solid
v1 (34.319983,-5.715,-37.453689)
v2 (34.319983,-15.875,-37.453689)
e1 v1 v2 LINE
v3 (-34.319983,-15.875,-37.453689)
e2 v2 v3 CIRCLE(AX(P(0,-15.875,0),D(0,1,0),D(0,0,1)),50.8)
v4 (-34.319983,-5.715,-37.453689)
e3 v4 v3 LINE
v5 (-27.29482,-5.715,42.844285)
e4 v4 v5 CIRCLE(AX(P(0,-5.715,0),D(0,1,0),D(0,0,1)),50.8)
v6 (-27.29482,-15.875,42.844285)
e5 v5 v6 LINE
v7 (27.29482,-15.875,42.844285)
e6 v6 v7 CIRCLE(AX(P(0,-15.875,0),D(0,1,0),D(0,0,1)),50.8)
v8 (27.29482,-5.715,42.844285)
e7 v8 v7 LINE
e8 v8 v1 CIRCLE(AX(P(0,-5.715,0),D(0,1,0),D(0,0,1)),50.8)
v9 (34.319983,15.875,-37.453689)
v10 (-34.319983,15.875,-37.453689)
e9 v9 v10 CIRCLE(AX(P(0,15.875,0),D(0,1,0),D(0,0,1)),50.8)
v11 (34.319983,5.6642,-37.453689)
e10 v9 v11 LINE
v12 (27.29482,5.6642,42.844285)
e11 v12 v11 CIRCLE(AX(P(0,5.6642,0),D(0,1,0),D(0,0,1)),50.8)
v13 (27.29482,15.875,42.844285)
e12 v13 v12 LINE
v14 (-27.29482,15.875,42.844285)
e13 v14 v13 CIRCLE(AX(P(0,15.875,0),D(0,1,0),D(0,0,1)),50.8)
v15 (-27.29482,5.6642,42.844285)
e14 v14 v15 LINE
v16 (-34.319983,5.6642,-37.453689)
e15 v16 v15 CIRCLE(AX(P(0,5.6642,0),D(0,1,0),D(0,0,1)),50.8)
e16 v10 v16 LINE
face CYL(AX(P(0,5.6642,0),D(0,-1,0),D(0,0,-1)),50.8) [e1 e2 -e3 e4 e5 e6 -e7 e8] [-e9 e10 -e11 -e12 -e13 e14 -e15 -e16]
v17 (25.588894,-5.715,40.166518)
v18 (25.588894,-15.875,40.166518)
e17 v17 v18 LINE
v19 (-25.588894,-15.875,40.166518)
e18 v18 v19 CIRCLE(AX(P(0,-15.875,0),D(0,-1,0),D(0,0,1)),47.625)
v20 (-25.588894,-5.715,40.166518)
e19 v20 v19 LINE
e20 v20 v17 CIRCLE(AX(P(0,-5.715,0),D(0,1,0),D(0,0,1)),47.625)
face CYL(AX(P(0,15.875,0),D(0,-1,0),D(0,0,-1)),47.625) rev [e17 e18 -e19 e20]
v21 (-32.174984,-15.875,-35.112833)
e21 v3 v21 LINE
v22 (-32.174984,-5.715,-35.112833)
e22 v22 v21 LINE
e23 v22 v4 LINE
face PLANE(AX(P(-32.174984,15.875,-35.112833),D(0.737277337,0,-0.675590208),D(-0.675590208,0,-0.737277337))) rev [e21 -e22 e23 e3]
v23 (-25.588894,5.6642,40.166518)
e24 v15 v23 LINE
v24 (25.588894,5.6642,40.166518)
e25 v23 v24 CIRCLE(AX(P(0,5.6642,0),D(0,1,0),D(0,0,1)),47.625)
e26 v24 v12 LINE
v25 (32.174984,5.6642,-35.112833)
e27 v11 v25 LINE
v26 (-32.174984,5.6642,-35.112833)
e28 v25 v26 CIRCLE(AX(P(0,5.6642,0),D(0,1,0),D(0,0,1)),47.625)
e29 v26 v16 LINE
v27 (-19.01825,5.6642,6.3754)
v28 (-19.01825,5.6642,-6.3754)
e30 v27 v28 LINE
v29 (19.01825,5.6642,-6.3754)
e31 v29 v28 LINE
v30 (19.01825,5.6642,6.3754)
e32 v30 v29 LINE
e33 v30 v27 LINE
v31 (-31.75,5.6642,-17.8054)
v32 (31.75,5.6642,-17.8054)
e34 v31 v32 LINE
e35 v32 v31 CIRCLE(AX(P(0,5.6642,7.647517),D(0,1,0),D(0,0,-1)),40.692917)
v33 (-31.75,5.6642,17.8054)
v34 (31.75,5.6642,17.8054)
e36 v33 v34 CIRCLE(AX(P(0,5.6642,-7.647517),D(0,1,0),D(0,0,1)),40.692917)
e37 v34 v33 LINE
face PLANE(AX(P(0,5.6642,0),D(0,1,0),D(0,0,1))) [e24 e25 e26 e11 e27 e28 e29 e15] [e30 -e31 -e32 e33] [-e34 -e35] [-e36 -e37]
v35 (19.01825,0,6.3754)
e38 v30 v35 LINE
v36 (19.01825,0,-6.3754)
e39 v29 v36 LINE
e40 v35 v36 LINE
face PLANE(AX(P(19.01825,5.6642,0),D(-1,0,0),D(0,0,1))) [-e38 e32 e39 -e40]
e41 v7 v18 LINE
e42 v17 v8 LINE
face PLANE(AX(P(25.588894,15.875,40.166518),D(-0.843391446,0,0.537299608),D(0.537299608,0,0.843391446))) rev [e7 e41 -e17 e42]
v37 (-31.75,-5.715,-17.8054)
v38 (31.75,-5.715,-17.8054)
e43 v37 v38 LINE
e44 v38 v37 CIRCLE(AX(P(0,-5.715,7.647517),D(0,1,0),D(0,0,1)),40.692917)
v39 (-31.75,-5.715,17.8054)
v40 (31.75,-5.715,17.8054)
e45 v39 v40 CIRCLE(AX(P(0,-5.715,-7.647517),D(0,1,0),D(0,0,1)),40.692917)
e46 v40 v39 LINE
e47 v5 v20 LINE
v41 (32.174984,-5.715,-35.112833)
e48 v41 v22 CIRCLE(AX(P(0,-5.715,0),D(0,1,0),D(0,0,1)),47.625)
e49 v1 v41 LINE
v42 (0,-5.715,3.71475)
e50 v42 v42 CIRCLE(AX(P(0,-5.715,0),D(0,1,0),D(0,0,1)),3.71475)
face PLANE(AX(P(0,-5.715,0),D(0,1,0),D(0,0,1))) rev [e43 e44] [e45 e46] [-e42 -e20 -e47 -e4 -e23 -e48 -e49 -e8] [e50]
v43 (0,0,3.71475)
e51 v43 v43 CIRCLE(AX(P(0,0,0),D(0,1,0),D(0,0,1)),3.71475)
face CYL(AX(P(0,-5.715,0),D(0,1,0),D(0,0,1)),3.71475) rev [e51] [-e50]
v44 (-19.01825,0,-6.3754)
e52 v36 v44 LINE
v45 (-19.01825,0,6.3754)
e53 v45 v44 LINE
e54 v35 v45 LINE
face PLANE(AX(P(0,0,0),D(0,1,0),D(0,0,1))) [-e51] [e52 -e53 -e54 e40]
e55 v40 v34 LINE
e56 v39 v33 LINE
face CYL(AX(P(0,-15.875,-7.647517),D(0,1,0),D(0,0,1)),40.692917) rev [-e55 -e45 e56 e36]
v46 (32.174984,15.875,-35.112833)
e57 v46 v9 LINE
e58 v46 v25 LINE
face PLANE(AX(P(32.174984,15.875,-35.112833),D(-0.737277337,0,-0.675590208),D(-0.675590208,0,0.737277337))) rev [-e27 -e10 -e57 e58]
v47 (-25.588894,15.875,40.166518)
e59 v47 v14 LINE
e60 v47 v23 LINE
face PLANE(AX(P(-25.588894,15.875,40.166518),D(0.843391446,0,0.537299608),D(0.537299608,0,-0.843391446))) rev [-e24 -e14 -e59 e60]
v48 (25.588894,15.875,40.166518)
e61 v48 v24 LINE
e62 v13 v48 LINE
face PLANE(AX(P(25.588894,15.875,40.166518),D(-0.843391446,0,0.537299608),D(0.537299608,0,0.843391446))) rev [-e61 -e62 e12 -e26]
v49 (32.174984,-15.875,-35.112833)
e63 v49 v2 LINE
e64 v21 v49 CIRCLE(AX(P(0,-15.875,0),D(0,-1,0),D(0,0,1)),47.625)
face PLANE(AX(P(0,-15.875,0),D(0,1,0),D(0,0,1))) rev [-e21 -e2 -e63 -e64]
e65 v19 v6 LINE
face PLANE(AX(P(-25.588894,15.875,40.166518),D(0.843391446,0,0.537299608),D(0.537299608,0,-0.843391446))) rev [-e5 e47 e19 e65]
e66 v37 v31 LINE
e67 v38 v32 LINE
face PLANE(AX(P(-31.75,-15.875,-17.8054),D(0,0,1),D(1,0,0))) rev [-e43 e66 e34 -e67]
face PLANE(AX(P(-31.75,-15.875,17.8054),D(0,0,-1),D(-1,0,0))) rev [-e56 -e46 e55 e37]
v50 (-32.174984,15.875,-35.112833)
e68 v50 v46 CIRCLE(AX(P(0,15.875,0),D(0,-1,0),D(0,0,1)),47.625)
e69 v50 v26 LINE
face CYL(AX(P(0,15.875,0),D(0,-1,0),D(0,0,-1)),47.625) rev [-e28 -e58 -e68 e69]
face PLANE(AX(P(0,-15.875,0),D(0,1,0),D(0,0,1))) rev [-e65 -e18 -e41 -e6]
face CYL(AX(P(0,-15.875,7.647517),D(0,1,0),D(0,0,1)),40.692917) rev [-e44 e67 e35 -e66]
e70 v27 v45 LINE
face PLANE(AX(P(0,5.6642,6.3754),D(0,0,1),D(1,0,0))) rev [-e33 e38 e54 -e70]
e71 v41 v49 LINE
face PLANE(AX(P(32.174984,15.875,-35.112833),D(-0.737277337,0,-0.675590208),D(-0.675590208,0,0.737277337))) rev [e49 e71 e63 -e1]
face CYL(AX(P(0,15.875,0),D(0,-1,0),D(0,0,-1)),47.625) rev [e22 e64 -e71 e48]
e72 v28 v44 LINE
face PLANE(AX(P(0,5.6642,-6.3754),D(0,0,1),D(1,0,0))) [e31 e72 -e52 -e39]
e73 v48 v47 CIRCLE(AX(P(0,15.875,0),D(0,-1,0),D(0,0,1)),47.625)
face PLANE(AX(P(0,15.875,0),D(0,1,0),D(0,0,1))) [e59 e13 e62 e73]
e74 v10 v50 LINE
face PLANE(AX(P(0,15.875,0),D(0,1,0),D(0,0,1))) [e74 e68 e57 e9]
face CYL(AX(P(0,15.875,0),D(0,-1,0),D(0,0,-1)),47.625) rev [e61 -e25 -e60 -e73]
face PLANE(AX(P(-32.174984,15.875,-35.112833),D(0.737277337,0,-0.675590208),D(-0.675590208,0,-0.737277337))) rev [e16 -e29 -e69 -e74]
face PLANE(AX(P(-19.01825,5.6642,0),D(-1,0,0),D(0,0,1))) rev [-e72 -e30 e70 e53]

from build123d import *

# Parameters (mm, degrees)
SKETCH1_R           = 50.8
SKETCH1_W           = 38.0365
SKETCH1_H           = 12.7508
BOSS_EXTRUDE1_DEPTH = 5.6642
BOSS_EXTRUDE2_START = -5.715
SKETCH1_3_R         = 50.8
SKETCH1_3_R_2       = 3.71475
BOSS_EXTRUDE2_DEPTH = 5.715
BOSS_EXTRUDE3_DEPTH = 15.875
CUT_EXTRUDE1_DEPTH  = 76.001448


with BuildPart() as part:
    # Sketch1 → Boss-Extrude1 (new body)
    with BuildSketch(Plane(origin=(0, 0, 0), x_dir=(1, 0, 0), z_dir=(0, 1, 0))):
        Circle(SKETCH1_R)
        Rectangle(SKETCH1_W, SKETCH1_H, mode=Mode.SUBTRACT)
    extrude(amount=BOSS_EXTRUDE1_DEPTH)

    # Sketch1<3> → Boss-Extrude2 (add)
    with BuildSketch(Plane(origin=(0, 0, 0), x_dir=(1, 0, 0), z_dir=(0, 1, 0)).offset(BOSS_EXTRUDE2_START)):
        Circle(SKETCH1_3_R)
        Circle(SKETCH1_3_R_2, mode=Mode.SUBTRACT)
    extrude(amount=BOSS_EXTRUDE2_DEPTH)

    # Sketch2 → Boss-Extrude3 (add, symmetric)
    with BuildSketch(Plane(origin=(0, 0, 0), x_dir=(1, 0, 0), z_dir=(0, 1, 0))):
        with BuildLine():
            Line((-32.174984, 35.112833), (-34.319983, 37.453689))
            ThreePointArc((-34.319983, 37.453689), (0, 50.8), (34.319983, 37.453689))
            Line((34.319983, 37.453689), (32.174984, 35.112833))
            ThreePointArc((32.174984, 35.112833), (0, 47.625), (-32.174984, 35.112833))
        make_face()
        with BuildLine():
            Line((-25.588894, -40.166518), (-27.29482, -42.844285))
            ThreePointArc((-27.29482, -42.844285), (0, -50.8), (27.29482, -42.844285))
            Line((27.29482, -42.844285), (25.588894, -40.166518))
            ThreePointArc((25.588894, -40.166518), (0, -47.625), (-25.588894, -40.166518))
        make_face()
    extrude(amount=BOSS_EXTRUDE3_DEPTH, both=True)

    # Sketch3 → Cut-Extrude1 (cut, through all)
    with BuildSketch(Plane(origin=(0, 5.6642, 0), x_dir=(1, 0, 0), z_dir=(0, 1, 0))):
        with BuildLine():
            Line((-31.75, 17.8054), (31.75, 17.8054))
            ThreePointArc((31.75, 17.8054), (0, 33.0454), (-31.75, 17.8054))
        make_face()
        with BuildLine():
            Line((-31.75, -17.8054), (31.75, -17.8054))
            ThreePointArc((31.75, -17.8054), (0, -33.0454), (-31.75, -17.8054))
        make_face()
    extrude(amount=-CUT_EXTRUDE1_DEPTH, mode=Mode.SUBTRACT)


solid = part.part
